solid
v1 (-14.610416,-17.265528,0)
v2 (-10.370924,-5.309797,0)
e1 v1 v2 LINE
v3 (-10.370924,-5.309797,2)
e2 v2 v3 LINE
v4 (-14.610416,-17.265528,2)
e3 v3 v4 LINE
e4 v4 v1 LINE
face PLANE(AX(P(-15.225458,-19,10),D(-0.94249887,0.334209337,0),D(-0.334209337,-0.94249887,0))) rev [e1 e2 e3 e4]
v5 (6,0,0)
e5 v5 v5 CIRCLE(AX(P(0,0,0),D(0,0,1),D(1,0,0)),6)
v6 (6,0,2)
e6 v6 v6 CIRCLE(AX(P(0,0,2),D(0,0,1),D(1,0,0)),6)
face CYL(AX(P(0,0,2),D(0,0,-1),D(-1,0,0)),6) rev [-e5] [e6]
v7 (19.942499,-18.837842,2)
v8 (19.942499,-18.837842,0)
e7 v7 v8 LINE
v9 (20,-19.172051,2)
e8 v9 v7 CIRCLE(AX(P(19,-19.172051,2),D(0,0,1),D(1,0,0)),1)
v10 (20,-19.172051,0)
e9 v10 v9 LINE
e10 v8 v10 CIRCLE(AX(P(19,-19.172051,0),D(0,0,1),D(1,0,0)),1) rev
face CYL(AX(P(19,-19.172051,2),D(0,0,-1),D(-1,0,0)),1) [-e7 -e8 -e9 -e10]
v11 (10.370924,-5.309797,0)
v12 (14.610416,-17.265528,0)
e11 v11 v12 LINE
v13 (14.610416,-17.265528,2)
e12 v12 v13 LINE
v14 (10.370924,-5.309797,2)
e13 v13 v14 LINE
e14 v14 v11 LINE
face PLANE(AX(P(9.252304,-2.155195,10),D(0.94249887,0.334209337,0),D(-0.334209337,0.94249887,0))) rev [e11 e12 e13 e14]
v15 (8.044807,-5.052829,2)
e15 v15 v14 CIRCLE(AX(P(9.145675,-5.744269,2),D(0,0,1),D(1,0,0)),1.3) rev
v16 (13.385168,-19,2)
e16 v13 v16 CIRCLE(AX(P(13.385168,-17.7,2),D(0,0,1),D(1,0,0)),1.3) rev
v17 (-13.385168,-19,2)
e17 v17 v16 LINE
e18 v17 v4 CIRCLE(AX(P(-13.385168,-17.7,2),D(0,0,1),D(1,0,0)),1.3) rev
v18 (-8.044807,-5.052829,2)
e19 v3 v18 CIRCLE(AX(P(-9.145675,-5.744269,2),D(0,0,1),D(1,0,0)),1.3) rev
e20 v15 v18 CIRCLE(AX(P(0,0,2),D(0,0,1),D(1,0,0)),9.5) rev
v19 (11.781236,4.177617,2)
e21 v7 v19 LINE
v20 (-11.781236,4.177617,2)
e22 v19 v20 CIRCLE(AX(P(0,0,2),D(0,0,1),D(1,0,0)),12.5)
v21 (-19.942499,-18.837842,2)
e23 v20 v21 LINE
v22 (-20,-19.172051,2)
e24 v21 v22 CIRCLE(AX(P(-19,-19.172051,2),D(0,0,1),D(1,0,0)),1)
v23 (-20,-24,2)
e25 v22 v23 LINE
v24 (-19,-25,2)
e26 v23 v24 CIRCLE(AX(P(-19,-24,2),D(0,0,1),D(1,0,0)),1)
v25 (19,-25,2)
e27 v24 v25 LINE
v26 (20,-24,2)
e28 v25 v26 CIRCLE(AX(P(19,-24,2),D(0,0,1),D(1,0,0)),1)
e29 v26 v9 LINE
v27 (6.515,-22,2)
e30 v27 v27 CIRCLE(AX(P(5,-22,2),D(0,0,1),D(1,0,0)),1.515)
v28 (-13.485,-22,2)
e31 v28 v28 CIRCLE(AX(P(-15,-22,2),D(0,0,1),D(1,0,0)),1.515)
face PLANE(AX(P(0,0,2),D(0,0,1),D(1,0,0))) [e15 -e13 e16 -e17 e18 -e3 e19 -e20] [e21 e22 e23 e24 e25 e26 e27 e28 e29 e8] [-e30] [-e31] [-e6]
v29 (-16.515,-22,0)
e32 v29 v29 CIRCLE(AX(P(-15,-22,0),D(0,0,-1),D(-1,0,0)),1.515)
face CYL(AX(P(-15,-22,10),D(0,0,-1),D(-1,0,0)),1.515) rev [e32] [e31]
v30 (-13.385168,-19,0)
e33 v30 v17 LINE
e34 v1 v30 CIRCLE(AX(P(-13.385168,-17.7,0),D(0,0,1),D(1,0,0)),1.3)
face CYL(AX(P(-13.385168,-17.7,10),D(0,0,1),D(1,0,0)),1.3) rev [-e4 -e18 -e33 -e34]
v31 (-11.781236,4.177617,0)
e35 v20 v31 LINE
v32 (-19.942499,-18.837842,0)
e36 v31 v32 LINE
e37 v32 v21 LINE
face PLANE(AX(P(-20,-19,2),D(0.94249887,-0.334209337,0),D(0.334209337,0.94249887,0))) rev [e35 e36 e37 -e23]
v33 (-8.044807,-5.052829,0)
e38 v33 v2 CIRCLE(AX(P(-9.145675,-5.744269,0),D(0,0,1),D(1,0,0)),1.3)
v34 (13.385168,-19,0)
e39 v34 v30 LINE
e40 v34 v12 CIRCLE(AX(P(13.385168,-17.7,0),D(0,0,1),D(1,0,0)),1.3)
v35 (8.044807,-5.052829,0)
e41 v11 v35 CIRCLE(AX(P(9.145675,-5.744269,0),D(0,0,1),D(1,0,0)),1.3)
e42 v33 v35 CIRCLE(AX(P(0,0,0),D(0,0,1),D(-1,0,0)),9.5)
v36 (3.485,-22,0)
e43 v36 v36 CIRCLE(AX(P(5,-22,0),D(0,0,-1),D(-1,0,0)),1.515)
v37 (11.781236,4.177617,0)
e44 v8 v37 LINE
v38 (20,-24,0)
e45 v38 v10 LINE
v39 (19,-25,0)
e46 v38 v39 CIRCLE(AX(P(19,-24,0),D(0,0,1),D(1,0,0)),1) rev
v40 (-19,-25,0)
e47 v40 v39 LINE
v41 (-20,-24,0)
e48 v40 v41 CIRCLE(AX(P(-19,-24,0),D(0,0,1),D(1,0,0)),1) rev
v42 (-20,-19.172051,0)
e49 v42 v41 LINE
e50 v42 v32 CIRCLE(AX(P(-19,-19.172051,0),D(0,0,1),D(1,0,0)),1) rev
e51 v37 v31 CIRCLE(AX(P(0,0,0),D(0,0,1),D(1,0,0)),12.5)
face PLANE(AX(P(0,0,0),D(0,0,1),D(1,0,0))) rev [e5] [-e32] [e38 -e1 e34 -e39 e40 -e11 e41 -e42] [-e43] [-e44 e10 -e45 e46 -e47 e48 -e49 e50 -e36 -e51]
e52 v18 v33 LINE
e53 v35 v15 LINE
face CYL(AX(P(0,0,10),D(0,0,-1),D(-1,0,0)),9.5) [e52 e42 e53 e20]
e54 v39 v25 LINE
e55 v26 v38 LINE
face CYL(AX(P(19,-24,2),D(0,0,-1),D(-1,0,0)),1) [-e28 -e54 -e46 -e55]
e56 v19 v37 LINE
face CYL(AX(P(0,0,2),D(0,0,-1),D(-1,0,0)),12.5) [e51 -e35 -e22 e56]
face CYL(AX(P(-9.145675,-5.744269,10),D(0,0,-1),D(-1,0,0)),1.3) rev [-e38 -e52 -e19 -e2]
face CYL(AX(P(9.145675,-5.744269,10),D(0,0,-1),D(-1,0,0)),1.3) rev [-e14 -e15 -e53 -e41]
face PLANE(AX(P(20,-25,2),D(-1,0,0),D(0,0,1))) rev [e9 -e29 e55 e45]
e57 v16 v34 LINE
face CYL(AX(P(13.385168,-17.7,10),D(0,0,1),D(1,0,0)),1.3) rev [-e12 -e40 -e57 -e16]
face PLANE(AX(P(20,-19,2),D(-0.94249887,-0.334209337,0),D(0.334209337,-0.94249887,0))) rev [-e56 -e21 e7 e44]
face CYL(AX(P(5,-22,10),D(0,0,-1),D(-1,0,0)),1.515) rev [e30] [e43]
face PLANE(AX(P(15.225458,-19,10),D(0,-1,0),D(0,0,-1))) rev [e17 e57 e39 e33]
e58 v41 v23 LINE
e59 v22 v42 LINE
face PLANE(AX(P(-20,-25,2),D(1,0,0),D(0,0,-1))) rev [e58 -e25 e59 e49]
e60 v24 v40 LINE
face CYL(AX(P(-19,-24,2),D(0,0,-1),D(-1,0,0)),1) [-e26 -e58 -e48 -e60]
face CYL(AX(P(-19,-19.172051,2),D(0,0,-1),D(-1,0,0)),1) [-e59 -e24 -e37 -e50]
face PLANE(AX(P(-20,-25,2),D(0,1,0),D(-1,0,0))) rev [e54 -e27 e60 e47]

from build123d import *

# Parameters (mm, degrees)
SKETCH_1_R          = 6
EXTRUDE_1_DEPTH     = 2
FILLET_1_R          = 1
SKETCH_2_R          = 1.515
CUT_EXTRUDE_1_DEPTH = 10
CUT_EXTRUDE_2_DEPTH = 10
FILLET_2_R          = 1.3


with BuildPart() as part:
    # 草图1 → 凸台-拉伸1 (new body)
    with BuildSketch(Plane.XY):
        with BuildLine():
            Line((-20, -25), (20, -25))
            Line((20, -25), (20, -19))
            Line((20, -19), (11.781235871, 4.177616707))
            ThreePointArc((11.781235871, 4.177616707), (0, 12.5), (-11.781235871, 4.177616707))
            Line((-11.781235871, 4.177616707), (-20, -19))
            Line((-20, -19), (-20, -25))
        make_face()
        Circle(SKETCH_1_R, mode=Mode.SUBTRACT)
    extrude(amount=EXTRUDE_1_DEPTH)

    # 圆角1
    fillet_1_edges = [part.edges().sort_by_distance(p)[0] for p in [
        (20, -19, 1),
        (20, -25, 1),
        (-20, -25, 1),
        (-20, -19, 1),
    ]]
    fillet(fillet_1_edges, radius=FILLET_1_R)

    # 草图2 → 切除-拉伸1 (cut)
    with BuildSketch(Plane(origin=(0, 0, 0), x_dir=(-1, 0, 0), z_dir=(0, 0, -1))):
        with Locations((15, -22)):
            Circle(SKETCH_2_R)
        with Locations((-5, -22)):
            Circle(SKETCH_2_R)
    extrude(amount=-CUT_EXTRUDE_1_DEPTH, mode=Mode.SUBTRACT)

    # 草图3 → 切除-拉伸2 (cut)
    with BuildSketch(Plane(origin=(0, 0, 0), x_dir=(-1, 0, 0), z_dir=(0, 0, -1))):
        with BuildLine():
            Line((-9.252304266, -2.155195065), (-15.225458465, -19))
            Line((-15.225458465, -19), (15.225458465, -19))
            Line((15.225458465, -19), (9.252304266, -2.155195065))
            ThreePointArc((9.252304266, -2.155195065), (0, -9.5), (-9.252304266, -2.155195065))
        make_face()
    extrude(amount=-CUT_EXTRUDE_2_DEPTH, mode=Mode.SUBTRACT)

    # 圆角2
    fillet_2_edges = [part.edges().sort_by_distance(p)[0] for p in [
        (9.252304266, -2.155195065, 1),
        (-9.252304266, -2.155195065, 1),
        (-15.225458465, -19, 1),
        (15.225458465, -19, 1),
    ]]
    fillet(fillet_2_edges, radius=FILLET_2_R)


solid = part.part
